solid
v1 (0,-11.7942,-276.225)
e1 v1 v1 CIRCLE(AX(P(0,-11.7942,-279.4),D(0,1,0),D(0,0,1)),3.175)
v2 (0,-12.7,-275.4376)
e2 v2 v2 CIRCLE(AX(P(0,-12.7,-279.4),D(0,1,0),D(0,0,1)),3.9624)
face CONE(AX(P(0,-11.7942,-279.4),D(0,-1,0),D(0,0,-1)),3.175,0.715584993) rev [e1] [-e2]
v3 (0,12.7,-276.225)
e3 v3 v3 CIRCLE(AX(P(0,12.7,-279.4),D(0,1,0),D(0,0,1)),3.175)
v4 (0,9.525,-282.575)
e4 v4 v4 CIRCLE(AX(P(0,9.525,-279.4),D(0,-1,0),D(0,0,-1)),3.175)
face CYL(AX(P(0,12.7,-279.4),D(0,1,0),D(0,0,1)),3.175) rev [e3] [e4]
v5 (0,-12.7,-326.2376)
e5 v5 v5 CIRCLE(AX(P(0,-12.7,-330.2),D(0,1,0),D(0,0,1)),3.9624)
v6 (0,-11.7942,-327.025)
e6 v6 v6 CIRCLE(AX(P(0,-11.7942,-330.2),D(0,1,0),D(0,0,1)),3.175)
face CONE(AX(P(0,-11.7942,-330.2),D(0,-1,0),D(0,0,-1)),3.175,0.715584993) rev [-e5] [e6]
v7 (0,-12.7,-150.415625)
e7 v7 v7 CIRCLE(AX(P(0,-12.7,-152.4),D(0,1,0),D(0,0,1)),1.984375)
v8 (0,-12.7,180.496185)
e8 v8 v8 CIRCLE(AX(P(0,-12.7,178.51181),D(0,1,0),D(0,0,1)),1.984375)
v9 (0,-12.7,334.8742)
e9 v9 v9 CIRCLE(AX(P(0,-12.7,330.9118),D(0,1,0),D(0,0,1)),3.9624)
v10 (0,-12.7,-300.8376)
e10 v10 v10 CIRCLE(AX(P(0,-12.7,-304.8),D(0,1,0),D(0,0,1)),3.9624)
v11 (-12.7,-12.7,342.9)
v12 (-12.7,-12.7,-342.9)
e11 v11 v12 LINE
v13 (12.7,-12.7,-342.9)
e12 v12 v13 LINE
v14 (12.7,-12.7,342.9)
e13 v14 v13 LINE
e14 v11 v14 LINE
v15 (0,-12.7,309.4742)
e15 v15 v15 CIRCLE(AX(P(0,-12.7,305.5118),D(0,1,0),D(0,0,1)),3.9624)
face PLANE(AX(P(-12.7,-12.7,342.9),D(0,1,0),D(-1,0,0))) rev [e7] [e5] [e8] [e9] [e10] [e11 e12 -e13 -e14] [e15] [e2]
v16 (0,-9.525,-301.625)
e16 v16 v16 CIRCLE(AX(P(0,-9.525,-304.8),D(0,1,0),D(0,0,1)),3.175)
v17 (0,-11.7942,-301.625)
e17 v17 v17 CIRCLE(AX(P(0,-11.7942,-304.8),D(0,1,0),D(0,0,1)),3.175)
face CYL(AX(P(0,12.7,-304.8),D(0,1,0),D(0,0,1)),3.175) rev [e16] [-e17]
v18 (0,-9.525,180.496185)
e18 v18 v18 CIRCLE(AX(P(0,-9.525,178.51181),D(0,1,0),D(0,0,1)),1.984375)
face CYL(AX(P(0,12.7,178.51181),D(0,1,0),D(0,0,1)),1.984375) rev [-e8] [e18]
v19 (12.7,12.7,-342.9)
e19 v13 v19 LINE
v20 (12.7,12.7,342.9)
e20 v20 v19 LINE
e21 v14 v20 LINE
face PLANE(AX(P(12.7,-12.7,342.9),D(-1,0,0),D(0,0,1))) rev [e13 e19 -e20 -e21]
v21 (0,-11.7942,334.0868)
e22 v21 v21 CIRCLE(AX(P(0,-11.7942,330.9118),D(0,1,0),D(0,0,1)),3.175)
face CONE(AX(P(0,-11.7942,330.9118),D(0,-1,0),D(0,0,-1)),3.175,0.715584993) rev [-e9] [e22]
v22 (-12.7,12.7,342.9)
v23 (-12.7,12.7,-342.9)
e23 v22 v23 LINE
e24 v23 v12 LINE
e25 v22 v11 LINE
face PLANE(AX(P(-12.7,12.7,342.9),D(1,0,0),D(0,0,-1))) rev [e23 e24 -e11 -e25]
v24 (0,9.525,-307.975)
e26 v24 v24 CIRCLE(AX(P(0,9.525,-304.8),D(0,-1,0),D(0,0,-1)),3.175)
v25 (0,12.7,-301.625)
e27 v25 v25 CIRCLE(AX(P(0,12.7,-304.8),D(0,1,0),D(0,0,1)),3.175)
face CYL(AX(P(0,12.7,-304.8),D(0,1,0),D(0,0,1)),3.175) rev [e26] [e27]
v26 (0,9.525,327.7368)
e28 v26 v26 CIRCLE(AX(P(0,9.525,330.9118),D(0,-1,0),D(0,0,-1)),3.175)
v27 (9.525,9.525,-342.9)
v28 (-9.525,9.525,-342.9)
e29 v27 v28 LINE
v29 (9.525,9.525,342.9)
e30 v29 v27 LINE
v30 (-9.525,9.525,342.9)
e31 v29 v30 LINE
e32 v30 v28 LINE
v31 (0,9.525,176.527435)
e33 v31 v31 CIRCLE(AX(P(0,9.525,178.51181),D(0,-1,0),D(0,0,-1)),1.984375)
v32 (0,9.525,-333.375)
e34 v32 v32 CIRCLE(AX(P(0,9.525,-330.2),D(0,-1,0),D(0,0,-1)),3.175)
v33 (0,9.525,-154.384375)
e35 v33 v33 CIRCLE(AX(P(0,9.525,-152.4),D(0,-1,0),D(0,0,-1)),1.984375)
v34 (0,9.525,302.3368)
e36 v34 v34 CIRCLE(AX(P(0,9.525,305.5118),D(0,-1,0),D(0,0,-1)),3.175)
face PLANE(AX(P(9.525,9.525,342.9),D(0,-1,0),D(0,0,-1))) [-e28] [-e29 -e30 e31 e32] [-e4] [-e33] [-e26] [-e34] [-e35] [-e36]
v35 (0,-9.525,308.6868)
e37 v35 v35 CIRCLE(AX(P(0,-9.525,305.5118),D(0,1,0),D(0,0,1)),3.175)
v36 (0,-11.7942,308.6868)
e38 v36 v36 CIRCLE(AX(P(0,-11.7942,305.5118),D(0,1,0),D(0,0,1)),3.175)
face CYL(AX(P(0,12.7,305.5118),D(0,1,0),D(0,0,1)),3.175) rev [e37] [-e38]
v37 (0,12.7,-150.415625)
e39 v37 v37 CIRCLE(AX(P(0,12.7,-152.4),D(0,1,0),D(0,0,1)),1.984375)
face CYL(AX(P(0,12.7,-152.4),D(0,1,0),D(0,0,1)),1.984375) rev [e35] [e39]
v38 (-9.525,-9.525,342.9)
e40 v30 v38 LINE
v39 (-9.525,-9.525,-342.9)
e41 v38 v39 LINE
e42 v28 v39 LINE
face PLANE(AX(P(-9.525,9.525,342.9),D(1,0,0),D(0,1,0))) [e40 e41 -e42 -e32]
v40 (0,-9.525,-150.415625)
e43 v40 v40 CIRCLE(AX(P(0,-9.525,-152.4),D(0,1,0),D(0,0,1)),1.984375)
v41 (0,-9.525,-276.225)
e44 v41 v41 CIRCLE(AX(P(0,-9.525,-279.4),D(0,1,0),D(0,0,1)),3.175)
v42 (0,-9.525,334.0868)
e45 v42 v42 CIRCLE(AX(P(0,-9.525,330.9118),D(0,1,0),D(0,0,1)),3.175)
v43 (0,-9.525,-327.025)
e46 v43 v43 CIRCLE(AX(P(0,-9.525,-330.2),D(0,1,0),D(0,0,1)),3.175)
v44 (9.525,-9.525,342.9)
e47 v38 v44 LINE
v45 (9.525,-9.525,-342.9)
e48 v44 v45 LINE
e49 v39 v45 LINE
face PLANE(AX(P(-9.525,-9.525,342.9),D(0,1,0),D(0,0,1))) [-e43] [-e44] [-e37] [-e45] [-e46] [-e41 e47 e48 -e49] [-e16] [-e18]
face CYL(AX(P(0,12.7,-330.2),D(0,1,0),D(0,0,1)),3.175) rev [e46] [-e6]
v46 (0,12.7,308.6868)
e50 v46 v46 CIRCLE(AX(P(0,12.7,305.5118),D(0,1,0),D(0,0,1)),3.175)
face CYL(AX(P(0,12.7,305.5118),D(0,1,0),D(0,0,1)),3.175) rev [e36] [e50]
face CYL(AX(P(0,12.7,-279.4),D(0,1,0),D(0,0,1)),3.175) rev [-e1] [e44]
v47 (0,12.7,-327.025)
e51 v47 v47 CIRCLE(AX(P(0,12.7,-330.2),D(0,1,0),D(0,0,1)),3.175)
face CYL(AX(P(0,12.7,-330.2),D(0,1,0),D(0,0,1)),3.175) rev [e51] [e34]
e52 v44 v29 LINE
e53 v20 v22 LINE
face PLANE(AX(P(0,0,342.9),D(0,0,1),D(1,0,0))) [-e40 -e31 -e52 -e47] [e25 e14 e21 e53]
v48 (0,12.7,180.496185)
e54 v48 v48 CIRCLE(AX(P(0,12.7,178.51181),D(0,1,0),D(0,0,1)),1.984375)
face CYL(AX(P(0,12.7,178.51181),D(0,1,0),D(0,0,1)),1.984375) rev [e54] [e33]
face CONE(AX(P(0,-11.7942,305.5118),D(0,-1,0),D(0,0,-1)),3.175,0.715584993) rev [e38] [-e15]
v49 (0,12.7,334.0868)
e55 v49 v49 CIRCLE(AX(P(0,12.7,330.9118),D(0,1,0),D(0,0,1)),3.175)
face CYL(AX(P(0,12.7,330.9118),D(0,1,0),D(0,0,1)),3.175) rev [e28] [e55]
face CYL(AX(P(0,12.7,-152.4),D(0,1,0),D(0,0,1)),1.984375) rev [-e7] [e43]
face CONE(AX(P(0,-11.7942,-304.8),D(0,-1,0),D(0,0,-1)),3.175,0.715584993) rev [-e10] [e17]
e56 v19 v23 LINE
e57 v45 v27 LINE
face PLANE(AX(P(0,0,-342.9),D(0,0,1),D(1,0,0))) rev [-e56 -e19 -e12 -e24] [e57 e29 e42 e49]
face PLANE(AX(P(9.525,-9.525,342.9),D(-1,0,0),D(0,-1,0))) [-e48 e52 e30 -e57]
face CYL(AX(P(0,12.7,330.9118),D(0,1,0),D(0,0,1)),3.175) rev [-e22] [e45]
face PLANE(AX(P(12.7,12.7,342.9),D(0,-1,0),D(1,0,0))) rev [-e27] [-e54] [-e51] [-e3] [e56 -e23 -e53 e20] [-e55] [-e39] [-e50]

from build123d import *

# Parameters (mm, degrees)
BOSS_EXTRUDE1_DEPTH                  = 342.9
BOSS_EXTRUDE1_DEPTH_BACK             = 342.9
SKETCH3_W                            = 25.4
SKETCH3_H                            = 25.4
SKETCH3_W_2                          = 19.05
SKETCH3_H_2                          = 19.05
F_5_32_0_15625_DIAMETER_HOLE1_D      = 3.96875
F_1_4_0_25_DIAMETER_HOLE1_AT_2_COUNT = 2
F_1_4_0_25_DIAMETER_HOLE1_AT_2_PITCH = 25.4
F_1_4_0_25_DIAMETER_HOLE1_AT_3_COUNT = 2
F_1_4_0_25_DIAMETER_HOLE1_AT_3_PITCH = 50.8
F_1_4_0_25_DIAMETER_HOLE2_AT_2_COUNT = 2
F_1_4_0_25_DIAMETER_HOLE2_AT_2_PITCH = 25.4


with BuildPart() as part:
    # Sketch3 → Boss-Extrude1 (new, two sides: drawn at the far end of the back side and taken through both)
    with BuildSketch(Plane.XY.offset(-BOSS_EXTRUDE1_DEPTH_BACK)):
        Rectangle(SKETCH3_W, SKETCH3_H)
        Rectangle(SKETCH3_W_2, SKETCH3_H_2, mode=Mode.SUBTRACT)
    extrude(amount=BOSS_EXTRUDE1_DEPTH + BOSS_EXTRUDE1_DEPTH_BACK)

    # 5/32 (0.15625) Diameter Hole1 (through all)
    with Locations(Plane(origin=(0, 12.7, 0), x_dir=(1, 0, 0), z_dir=(0, 1, 0))):
        with Locations((0, 152.4), (0, -178.5118096)):
            Hole(F_5_32_0_15625_DIAMETER_HOLE1_D / 2)

    # Sketch9 → 1/4 (0.25) Diameter Hole1 (revolve, cut)
    with BuildSketch(Plane(origin=(0, 12.7, -330.2), x_dir=(0, 0, 1), z_dir=(1, 0, 0))):
        Polygon((0, 0), (0, 25.4), (3.9624, 25.4), (3.175, 24.494199916), (3.175, 0), align=None)
    f_1_4_0_25_diameter_hole1 = revolve(axis=Axis((0, 19.05, -330.2), (0, -1, 0)), mode=Mode.SUBTRACT)

    # 1/4 (0.25) Diameter Hole1 at 2: 1/4 (0.25) Diameter Hole1 ×2
    with Locations(*[(0, 0, i * F_1_4_0_25_DIAMETER_HOLE1_AT_2_PITCH) for i in range(1, F_1_4_0_25_DIAMETER_HOLE1_AT_2_COUNT)]):
        add(f_1_4_0_25_diameter_hole1, mode=Mode.SUBTRACT)

    # 1/4 (0.25) Diameter Hole1 at 3: 1/4 (0.25) Diameter Hole1 ×2
    with Locations(*[(0, 0, i * F_1_4_0_25_DIAMETER_HOLE1_AT_3_PITCH) for i in range(1, F_1_4_0_25_DIAMETER_HOLE1_AT_3_COUNT)]):
        add(f_1_4_0_25_diameter_hole1, mode=Mode.SUBTRACT)

    # Sketch12 → 1/4 (0.25) Diameter Hole2 (revolve, cut)
    with BuildSketch(Plane(origin=(0, 12.7, 330.911799988), x_dir=(0, 0, 1), z_dir=(1, 0, 0))):
        Polygon((0, 0), (0, 25.4), (3.9624, 25.4), (3.175, 24.494199916), (3.175, 0), align=None)
    f_1_4_0_25_diameter_hole2 = revolve(axis=Axis((0, 19.05, 330.911799988), (0, -1, 0)), mode=Mode.SUBTRACT)

    # 1/4 (0.25) Diameter Hole2 at 2: 1/4 (0.25) Diameter Hole2 ×2
    with Locations(*[(0, 0, -i * F_1_4_0_25_DIAMETER_HOLE2_AT_2_PITCH) for i in range(1, F_1_4_0_25_DIAMETER_HOLE2_AT_2_COUNT)]):
        add(f_1_4_0_25_diameter_hole2, mode=Mode.SUBTRACT)


solid = part.part
